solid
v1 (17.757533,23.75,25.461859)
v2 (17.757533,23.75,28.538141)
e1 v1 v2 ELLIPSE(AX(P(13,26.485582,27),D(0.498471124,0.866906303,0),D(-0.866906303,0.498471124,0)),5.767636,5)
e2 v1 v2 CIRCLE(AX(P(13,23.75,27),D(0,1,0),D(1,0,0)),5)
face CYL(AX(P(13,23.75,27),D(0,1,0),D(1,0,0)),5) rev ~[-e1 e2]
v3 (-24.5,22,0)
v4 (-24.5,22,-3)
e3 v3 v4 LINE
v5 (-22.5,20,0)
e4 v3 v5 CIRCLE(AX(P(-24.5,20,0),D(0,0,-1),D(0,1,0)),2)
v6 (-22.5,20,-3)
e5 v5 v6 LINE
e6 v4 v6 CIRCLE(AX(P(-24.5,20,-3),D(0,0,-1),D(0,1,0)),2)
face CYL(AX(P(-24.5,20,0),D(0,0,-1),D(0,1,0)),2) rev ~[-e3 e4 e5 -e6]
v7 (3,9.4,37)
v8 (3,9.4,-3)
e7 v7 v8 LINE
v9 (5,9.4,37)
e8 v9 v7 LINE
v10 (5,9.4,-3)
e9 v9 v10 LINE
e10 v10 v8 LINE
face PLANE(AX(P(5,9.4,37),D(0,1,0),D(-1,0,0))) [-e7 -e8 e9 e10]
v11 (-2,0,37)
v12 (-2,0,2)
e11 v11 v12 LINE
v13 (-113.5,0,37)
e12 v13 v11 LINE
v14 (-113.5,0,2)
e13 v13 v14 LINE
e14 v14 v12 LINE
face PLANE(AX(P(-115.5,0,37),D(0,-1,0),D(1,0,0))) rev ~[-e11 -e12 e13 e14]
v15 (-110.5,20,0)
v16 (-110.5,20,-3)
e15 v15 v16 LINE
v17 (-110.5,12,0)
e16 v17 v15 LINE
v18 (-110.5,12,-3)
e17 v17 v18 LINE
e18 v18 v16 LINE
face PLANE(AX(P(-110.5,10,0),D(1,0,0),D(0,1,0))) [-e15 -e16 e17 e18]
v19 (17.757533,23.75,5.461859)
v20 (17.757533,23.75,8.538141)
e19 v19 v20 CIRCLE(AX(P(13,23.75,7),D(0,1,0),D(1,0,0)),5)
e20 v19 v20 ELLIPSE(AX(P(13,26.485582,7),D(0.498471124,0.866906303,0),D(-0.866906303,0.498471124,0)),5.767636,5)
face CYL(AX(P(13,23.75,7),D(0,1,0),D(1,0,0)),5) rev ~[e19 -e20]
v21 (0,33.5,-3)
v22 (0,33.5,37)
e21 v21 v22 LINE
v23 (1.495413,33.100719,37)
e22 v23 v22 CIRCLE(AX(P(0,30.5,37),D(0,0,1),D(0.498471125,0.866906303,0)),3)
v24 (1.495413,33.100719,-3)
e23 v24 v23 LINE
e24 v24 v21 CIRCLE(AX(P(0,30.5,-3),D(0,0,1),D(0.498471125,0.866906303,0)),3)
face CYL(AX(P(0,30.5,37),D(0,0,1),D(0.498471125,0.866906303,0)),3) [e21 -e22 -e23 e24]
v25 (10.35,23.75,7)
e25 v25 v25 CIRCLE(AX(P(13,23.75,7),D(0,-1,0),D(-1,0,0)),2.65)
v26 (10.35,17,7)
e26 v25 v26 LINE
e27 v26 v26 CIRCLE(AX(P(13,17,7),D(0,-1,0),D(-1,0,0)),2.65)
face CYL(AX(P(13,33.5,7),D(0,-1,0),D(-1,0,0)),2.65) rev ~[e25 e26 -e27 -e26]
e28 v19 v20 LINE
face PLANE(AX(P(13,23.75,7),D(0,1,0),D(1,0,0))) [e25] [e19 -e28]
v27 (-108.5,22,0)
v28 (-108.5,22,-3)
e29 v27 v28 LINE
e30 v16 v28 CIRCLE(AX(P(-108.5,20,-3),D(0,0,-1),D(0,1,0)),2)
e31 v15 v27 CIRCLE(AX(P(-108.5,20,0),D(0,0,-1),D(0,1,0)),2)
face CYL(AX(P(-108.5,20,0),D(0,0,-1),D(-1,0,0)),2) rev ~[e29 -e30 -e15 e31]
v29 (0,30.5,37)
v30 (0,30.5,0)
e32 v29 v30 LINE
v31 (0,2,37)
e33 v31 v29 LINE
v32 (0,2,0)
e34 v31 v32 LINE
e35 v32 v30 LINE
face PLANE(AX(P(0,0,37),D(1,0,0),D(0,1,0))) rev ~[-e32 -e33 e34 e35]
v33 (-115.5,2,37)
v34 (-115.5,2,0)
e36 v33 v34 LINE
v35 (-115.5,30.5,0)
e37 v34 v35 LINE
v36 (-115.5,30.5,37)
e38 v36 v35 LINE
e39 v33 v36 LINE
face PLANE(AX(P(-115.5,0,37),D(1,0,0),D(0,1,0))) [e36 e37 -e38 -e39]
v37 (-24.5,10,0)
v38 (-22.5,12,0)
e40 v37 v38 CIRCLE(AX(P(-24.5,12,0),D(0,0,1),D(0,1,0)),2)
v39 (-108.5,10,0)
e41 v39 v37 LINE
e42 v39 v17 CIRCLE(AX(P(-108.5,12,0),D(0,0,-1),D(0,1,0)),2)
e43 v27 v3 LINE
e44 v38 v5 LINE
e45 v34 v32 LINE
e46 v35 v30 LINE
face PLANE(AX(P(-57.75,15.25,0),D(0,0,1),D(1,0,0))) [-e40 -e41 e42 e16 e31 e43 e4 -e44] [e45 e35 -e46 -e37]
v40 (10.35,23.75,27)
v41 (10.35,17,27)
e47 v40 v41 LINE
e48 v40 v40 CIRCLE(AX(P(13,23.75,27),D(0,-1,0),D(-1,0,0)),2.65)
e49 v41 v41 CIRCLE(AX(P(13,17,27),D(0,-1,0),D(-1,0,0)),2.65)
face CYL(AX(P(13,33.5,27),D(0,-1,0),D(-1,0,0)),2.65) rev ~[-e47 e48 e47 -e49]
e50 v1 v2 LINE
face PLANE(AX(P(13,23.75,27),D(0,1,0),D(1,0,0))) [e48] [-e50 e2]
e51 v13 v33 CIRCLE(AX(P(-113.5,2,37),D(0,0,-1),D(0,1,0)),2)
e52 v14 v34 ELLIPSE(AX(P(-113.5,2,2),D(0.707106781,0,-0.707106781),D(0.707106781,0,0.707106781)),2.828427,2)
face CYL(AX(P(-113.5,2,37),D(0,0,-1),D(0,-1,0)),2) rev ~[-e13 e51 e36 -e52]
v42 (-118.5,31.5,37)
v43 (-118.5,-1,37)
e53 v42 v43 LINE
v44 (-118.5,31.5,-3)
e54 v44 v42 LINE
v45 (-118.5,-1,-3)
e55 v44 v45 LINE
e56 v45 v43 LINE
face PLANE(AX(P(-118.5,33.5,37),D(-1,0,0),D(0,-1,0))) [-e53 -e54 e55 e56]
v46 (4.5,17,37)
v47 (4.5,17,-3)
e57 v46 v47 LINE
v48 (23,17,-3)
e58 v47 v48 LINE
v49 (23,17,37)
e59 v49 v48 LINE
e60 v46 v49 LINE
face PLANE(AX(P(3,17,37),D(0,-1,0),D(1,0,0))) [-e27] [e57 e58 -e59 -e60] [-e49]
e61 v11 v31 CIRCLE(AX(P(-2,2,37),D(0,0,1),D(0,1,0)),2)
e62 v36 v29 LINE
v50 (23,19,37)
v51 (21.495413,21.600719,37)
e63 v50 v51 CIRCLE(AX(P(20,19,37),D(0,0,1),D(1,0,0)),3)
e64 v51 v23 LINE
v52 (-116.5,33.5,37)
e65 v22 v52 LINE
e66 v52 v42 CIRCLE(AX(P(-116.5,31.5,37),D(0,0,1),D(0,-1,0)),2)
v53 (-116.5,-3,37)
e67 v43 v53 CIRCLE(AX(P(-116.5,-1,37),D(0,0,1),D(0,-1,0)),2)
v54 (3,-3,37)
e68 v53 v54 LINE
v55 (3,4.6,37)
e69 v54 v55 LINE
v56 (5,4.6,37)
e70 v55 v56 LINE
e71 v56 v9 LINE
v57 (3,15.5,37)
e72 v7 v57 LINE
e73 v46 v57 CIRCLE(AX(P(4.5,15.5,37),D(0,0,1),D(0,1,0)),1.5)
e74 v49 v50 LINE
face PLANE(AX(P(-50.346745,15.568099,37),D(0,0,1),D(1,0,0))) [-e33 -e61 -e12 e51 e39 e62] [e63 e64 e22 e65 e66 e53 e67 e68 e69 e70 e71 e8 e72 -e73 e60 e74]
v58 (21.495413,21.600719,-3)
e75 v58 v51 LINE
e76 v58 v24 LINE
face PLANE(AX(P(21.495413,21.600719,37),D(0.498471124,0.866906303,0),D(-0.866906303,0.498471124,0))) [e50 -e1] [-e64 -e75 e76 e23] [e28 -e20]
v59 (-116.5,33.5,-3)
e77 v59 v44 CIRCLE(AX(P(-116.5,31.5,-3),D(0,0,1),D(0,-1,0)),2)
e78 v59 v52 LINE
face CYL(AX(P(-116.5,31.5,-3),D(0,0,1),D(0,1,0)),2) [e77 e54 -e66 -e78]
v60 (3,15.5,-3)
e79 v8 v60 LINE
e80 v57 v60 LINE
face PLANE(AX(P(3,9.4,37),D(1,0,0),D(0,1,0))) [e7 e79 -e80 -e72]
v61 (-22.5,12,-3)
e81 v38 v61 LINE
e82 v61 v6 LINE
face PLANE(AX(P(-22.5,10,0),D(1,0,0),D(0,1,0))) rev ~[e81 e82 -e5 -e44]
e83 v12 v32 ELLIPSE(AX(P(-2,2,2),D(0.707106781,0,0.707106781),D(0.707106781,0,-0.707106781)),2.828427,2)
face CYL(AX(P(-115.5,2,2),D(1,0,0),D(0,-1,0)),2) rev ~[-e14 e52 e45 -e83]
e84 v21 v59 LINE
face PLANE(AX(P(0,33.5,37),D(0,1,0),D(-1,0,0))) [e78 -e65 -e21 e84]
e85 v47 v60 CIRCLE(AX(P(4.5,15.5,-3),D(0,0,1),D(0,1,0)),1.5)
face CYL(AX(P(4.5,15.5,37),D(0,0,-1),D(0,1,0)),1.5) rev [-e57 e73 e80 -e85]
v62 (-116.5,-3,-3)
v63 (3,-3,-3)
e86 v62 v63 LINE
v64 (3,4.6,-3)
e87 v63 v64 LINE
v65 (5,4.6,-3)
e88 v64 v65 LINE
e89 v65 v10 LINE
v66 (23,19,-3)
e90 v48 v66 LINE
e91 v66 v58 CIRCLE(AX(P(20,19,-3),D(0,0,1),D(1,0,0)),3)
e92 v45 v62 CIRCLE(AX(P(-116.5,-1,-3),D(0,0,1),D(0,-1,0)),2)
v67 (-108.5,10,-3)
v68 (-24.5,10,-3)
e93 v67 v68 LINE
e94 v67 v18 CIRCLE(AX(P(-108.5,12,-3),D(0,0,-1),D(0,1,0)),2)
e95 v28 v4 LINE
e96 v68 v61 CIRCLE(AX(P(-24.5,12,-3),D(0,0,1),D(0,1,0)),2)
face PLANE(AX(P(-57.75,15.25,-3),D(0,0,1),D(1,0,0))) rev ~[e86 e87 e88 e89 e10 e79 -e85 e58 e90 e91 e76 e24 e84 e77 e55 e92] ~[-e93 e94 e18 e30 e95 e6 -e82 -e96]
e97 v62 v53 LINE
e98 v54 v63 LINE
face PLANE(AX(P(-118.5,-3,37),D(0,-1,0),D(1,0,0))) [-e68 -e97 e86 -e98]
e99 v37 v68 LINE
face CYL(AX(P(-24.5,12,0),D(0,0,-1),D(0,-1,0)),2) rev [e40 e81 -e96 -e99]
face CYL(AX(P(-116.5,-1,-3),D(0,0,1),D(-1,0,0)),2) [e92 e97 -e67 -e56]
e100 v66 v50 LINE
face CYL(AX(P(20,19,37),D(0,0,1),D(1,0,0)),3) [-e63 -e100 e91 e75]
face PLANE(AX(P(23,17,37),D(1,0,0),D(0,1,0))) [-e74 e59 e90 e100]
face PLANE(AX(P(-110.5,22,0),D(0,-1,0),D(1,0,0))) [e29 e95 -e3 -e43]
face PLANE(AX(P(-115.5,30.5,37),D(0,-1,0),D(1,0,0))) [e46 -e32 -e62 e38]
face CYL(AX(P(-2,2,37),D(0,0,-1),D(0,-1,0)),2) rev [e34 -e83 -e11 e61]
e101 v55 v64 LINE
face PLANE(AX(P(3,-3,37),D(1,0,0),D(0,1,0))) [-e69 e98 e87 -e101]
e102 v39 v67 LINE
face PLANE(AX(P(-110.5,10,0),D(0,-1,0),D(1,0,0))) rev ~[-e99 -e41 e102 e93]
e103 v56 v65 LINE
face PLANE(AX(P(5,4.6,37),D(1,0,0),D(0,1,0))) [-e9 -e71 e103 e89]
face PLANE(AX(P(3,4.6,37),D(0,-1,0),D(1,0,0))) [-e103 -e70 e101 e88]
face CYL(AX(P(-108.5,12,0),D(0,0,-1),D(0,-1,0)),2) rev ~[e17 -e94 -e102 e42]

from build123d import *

# Parameters (mm, degrees)
SKETCH1_W                      = 115.5
SKETCH1_H                      = 30.5
SKETCH1_W_2                    = 88
SKETCH1_H_2                    = 12
BOSS_EXTRUDE1_DEPTH            = 3
BOSS_EXTRUDE2_START            = 37
SKETCH1_3_W                    = 115.5
SKETCH1_3_H                    = 30.5
BOSS_EXTRUDE2_DEPTH            = 37
CBORE_FOR_M5_SHCS1_D           = 5.3
CBORE_FOR_M5_SHCS1_CBORE_D     = 10
CBORE_FOR_M5_SHCS1_CBORE_DEPTH = 9.75
FILLET1_R                      = 2
FILLET2_R                      = 1.5


with BuildPart() as part:
    # Sketch1 → Boss-Extrude1 (new body)
    # profile 1 of 2: a face of its own
    with BuildSketch(Plane.XY):
        with BuildLine():
            Line((23, 17), (23, 19))
            ThreePointArc((23, 19), (22.596751829, 20.502291563), (21.495413373, 21.600718909))
            Line((21.495413373, 21.600718909), (1.495413373, 33.100718909))
            ThreePointArc((1.495413373, 33.100718909), (0.773900275, 33.398461379), (0, 33.5))
            Line((0, 33.5), (-118.5, 33.5))
            Line((-118.5, 33.5), (-118.5, -3))
            Line((-118.5, -3), (3, -3))
            Line((3, -3), (3, 4.6))
            Line((3, 4.6), (5, 4.6))
            Line((5, 4.6), (5, 9.4))
            Line((5, 9.4), (3, 9.4))
            Line((3, 9.4), (3, 17))
            Line((3, 17), (23, 17))
        make_face()
        with Locations((-57.75, 15.25)):
            Rectangle(SKETCH1_W, SKETCH1_H, mode=Mode.SUBTRACT)
    # profile 2 of 2: a face of its own
    with BuildSketch(Plane.XY):
        with Locations((-57.75, 15.25)):
            Rectangle(SKETCH1_W, SKETCH1_H)
        with Locations((-66.5, 16)):
            Rectangle(SKETCH1_W_2, SKETCH1_H_2, mode=Mode.SUBTRACT)
    extrude(amount=-BOSS_EXTRUDE1_DEPTH)

    # Sketch1<3> → Boss-Extrude2 (add)
    with BuildSketch(Plane.XY.offset(BOSS_EXTRUDE2_START)):
        with BuildLine():
            Line((23, 17), (23, 19))
            ThreePointArc((23, 19), (22.596751829, 20.502291563), (21.495413373, 21.600718909))
            Line((21.495413373, 21.600718909), (1.495413373, 33.100718909))
            ThreePointArc((1.495413373, 33.100718909), (0.773900275, 33.398461379), (0, 33.5))
            Line((0, 33.5), (-118.5, 33.5))
            Line((-118.5, 33.5), (-118.5, -3))
            Line((-118.5, -3), (3, -3))
            Line((3, -3), (3, 4.6))
            Line((3, 4.6), (5, 4.6))
            Line((5, 4.6), (5, 9.4))
            Line((5, 9.4), (3, 9.4))
            Line((3, 9.4), (3, 17))
            Line((3, 17), (23, 17))
        make_face()
        with Locations((-57.75, 15.25)):
            Rectangle(SKETCH1_3_W, SKETCH1_3_H, mode=Mode.SUBTRACT)
    extrude(amount=-BOSS_EXTRUDE2_DEPTH)

    # CBORE for M5 SHCS1 (through all)
    with Locations(Plane(origin=(0, 33.5, 0), x_dir=(1, 0, 0), z_dir=(0, 1, 0))):
        with Locations((13, -27), (13, -7)):
            CounterBoreHole(CBORE_FOR_M5_SHCS1_D / 2, CBORE_FOR_M5_SHCS1_CBORE_D / 2, CBORE_FOR_M5_SHCS1_CBORE_DEPTH)

    # Fillet1
    fillet1_edges = [part.edges().sort_by_distance(p)[0] for p in [
        (-22.5, 22, -1.5),
        (-110.5, 22, -1.5),
        (-110.5, 10, -1.5),
        (-22.5, 10, -1.5),
        (-118.5, -3, 17),
        (-118.5, 33.5, 17),
        (0, 0, 18.5),
        (-57.75, 0, 0),
        (-115.5, 0, 18.5),
    ]]
    fillet(fillet1_edges, radius=FILLET1_R)

    # Fillet2
    fillet2_edges = [part.edges().sort_by_distance(p)[0] for p in [
        (3, 17, 17),
    ]]
    fillet(fillet2_edges, radius=FILLET2_R)


solid = part.part
